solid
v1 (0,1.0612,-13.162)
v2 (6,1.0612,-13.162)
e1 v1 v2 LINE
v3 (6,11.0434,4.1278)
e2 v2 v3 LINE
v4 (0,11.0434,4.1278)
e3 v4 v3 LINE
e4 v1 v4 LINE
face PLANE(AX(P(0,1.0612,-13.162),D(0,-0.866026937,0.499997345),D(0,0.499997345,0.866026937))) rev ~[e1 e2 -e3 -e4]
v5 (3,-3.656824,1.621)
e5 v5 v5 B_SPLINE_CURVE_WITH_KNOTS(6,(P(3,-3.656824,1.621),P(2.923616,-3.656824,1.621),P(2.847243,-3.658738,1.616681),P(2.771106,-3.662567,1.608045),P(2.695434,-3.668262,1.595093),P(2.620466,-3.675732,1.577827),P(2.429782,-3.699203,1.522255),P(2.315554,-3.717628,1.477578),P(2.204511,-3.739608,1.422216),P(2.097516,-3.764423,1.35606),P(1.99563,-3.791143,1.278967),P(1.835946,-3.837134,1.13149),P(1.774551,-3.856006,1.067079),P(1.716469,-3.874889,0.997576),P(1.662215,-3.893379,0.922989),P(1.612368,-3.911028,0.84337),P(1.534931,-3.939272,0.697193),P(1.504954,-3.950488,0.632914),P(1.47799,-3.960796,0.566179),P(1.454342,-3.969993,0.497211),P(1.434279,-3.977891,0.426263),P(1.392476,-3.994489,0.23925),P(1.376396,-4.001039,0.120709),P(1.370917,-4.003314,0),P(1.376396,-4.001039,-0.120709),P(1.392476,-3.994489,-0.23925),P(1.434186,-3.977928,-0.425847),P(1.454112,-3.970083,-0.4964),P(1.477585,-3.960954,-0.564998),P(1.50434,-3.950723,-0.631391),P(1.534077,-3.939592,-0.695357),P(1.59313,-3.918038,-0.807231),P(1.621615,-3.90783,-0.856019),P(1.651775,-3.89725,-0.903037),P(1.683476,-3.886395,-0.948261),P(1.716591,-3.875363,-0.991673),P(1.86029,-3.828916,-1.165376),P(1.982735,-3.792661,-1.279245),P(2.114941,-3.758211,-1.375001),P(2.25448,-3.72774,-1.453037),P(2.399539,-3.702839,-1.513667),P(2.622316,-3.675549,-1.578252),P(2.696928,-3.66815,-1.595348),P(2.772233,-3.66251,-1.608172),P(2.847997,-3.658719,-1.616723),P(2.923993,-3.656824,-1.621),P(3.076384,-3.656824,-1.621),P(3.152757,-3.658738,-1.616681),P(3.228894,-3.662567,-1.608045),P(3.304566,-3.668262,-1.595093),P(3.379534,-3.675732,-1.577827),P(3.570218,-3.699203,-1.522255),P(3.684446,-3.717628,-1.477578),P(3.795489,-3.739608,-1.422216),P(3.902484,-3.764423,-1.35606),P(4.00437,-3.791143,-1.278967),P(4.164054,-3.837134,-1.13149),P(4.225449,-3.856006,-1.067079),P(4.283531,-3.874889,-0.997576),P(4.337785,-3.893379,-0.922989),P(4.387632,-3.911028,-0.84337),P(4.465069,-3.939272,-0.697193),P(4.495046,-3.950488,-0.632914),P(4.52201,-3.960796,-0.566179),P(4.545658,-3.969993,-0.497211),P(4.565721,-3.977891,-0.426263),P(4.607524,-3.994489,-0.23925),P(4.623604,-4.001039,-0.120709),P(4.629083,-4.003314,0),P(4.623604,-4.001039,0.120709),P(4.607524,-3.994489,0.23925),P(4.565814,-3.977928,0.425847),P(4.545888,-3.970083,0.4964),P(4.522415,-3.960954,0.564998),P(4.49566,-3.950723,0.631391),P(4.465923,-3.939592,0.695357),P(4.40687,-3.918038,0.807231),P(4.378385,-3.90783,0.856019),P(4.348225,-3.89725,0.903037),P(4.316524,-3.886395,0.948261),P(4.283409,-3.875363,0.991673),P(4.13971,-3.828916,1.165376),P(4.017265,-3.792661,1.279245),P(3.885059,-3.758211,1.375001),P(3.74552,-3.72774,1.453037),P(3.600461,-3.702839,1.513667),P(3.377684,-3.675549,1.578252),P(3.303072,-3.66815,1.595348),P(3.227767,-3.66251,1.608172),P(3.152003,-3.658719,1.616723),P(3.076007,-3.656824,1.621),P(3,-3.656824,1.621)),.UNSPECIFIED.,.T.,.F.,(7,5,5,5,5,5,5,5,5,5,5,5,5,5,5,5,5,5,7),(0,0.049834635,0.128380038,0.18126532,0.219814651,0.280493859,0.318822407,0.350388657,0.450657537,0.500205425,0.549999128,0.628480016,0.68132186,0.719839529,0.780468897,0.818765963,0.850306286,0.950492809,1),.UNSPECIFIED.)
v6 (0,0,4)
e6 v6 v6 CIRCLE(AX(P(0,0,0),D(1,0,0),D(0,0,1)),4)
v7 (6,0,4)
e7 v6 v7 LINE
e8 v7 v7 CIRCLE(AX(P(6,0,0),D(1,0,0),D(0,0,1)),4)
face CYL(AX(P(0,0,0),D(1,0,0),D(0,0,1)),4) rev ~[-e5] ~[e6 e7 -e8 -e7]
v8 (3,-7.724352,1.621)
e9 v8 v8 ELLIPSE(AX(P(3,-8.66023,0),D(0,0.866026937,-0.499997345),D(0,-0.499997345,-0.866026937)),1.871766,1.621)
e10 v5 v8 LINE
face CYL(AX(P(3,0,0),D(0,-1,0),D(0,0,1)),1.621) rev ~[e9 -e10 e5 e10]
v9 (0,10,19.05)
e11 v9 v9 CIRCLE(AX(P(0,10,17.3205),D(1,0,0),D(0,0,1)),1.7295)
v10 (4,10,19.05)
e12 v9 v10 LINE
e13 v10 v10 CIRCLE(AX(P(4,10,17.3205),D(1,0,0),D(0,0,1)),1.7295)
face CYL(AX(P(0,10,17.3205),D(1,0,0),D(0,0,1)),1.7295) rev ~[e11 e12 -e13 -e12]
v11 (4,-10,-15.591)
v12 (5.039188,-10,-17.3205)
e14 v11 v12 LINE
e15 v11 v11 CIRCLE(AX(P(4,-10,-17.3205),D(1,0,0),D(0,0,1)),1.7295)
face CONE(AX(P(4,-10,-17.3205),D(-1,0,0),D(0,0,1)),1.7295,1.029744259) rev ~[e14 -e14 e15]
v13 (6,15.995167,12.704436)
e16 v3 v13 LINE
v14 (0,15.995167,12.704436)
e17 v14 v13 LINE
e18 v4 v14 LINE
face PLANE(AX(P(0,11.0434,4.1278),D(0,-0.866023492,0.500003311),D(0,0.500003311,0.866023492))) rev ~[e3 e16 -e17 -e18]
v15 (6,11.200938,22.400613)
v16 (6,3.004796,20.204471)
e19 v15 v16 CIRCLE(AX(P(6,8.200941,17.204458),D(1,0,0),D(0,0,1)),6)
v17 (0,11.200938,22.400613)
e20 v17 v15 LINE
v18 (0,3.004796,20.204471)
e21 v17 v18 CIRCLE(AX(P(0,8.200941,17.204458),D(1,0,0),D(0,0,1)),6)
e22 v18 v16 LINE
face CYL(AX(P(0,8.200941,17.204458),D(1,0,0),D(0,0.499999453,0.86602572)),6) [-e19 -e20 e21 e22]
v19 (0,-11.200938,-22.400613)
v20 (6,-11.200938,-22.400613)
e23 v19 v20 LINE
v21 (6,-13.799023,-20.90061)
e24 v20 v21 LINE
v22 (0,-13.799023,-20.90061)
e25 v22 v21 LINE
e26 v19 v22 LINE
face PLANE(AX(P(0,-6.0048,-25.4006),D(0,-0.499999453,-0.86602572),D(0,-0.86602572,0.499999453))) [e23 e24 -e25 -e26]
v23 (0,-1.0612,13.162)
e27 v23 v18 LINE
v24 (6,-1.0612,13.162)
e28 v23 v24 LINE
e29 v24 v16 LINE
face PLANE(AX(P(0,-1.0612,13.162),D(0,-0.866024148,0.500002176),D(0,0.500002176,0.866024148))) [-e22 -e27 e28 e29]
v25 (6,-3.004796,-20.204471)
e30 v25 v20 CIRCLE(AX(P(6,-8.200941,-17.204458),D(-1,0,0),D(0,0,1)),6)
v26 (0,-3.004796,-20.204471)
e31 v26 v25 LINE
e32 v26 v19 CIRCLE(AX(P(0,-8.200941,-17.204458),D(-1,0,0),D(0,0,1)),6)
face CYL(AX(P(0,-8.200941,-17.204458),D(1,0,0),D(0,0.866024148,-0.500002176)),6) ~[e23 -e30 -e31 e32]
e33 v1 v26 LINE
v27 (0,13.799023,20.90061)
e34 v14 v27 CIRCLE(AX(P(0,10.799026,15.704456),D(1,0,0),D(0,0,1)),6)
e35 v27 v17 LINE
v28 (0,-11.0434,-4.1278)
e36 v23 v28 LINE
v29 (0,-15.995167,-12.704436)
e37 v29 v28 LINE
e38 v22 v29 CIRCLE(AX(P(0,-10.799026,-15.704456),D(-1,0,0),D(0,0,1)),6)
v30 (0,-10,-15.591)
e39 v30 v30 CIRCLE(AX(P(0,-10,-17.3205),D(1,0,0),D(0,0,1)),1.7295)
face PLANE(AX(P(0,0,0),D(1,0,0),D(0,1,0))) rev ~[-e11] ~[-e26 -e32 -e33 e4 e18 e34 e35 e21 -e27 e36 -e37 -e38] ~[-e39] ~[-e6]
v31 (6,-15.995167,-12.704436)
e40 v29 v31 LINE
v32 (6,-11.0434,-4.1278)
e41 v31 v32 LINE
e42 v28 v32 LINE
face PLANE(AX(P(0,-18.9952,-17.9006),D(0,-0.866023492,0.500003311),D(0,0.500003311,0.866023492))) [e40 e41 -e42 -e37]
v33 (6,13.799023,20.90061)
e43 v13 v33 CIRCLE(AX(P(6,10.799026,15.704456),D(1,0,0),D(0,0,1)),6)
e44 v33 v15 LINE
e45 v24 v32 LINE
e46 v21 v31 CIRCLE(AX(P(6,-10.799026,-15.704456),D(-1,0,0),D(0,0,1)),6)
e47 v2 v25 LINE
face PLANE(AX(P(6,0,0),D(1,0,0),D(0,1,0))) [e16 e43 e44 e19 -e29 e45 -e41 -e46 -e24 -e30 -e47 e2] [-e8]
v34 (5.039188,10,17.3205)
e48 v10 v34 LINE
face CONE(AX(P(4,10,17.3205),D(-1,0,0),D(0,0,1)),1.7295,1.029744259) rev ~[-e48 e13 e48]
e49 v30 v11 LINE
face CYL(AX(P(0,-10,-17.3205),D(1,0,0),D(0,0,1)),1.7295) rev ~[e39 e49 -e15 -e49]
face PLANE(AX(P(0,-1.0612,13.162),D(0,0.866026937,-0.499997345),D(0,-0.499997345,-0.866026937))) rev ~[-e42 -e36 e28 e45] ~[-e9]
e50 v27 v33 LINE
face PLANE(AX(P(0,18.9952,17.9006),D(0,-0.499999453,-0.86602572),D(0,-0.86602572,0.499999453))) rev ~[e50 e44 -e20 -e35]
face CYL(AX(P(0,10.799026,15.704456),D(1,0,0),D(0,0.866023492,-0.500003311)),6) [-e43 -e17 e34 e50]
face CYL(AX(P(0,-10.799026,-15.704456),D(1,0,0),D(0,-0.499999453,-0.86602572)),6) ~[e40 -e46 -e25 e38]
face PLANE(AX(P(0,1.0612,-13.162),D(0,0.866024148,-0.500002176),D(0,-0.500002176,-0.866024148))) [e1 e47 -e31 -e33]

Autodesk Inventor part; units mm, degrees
ref_plane "YZ Plane" through (0, 0, 0) normal (1, 0, 0) x (0, 1, 0)
ref_plane "XZ Plane" through (0, 0, 0) normal (0, 1, 0) x (-1, 0, 0)
ref_plane "XY Plane" through (0, 0, 0) normal (0, 0, 1) x (1, 0, 0)
sketch "Sketch1" plane through (0, 0, 0) normal (1, 0, 0) x (0, 1, 0)
  line L0 (1.0612, -13.162) -> (11.0434, 4.1278)
  line L1 (-1.0612, 13.162) -> (-11.0434, -4.1278)
  line L2 (6.0523, -4.5171) -> (-6.0523, 4.5171) construction
  line L3 (-26.5933, 0) -> (26.5933, 0) construction
  line L4 (0, -35.5609) -> (0, 35.5609) construction
  line L5 (11.0434, 4.1278) -> (18.9952, 17.9006)
  line L6 (18.9952, 17.9006) -> (6.0048, 25.4006)
  line L7 (-1.0612, 13.162) -> (6.0048, 25.4006)
  line L8 (1.0612, -13.162) -> (-6.0048, -25.4006)
  line L9 (-6.0048, -25.4006) -> (-18.9952, -17.9006)
  line L10 (-18.9952, -17.9006) -> (-11.0434, -4.1278)
  point P0 (0, 0)
  dimension "d1" = 15
  dimension "d2" = 50
  dimension "d4" = 60
extrude "Extrusion1" add sketch "Sketch1" along normal blind 6
sketch "Sketch2" plane through (0, 0, 0) normal (-1, 0, 0) x (0, 0, 1)
  point P0 (0, 0)
hole "Hole1" at (0, 0, 0) direction (1, 0, 0) diameter 8 end through all
sketch "Sketch3" plane through (0, 0, 0) normal (0, 1, 0) x (-1, 0, 0)
  line L0 (-6, -25.4006) -> (-6, 17.9006) construction
  line L1 (0, -25.4006) -> (0, 17.9006) construction
  line L2 (1.2, 0) -> (-7.2, 0) construction
  line L3 (0, 0) -> (-6, 0) construction
  point P0 (-6, -17.5083)
  point P1 (-6, 5.0083)
  point P2 (0, 5.0083)
  point P3 (0, -17.5083)
  point P4 (-3, 0)
  point P5 (-3, 0)
hole "Hole2" at (3, 0, 0) direction (0, -1, 0) diameter 3.242 end through all thread size "M4x0.7" class "6H" standard "ISO Metric profile"
sketch "Sketch4" plane through (0, 0, 0) normal (-1, 0, 0) x (0, 0, 1)
  circle A0 centre (0, 0) radius 4 construction
  line L0 (-25.4006, -6.0048) -> (17.9006, 18.9952) construction
  line L1 (25.4006, 6.0048) -> (-17.9006, -18.9952) construction
  line L2 (-26.825, -15.4874) -> (32.6029, 18.8233) construction
  line L3 (7.5083, 12.9952) -> (-15.0083, -0.0048) construction
  line L4 (-17.9006, -18.9952) -> (-25.4006, -6.0048) projected
  line L5 (17.9006, 18.9952) -> (25.4006, 6.0048) projected
  point P0 (5.0083, 17.3253)
  point P1 (-17.5083, 4.3253)
  point P2 (17.3205, 10)
  point P3 (-17.3205, -10)
  dimension "d21" = 20
  dimension "d22" = 20
hole "Hole3" at (0, 10, 17.3205) at (0, -10, -17.3205) direction (1, 0, 0) diameter 3.459 depth 4 tip angle 118 thread size "M4x0.5" class "6H" standard "ISO Metric profile"
fillet "Fillet1" radius 6 4 edges at (3, 18.9952, 17.9006) (3, 6.0048, 25.4006) (3, -6.0048, -25.4006) (3, -18.9952, -17.9006)
